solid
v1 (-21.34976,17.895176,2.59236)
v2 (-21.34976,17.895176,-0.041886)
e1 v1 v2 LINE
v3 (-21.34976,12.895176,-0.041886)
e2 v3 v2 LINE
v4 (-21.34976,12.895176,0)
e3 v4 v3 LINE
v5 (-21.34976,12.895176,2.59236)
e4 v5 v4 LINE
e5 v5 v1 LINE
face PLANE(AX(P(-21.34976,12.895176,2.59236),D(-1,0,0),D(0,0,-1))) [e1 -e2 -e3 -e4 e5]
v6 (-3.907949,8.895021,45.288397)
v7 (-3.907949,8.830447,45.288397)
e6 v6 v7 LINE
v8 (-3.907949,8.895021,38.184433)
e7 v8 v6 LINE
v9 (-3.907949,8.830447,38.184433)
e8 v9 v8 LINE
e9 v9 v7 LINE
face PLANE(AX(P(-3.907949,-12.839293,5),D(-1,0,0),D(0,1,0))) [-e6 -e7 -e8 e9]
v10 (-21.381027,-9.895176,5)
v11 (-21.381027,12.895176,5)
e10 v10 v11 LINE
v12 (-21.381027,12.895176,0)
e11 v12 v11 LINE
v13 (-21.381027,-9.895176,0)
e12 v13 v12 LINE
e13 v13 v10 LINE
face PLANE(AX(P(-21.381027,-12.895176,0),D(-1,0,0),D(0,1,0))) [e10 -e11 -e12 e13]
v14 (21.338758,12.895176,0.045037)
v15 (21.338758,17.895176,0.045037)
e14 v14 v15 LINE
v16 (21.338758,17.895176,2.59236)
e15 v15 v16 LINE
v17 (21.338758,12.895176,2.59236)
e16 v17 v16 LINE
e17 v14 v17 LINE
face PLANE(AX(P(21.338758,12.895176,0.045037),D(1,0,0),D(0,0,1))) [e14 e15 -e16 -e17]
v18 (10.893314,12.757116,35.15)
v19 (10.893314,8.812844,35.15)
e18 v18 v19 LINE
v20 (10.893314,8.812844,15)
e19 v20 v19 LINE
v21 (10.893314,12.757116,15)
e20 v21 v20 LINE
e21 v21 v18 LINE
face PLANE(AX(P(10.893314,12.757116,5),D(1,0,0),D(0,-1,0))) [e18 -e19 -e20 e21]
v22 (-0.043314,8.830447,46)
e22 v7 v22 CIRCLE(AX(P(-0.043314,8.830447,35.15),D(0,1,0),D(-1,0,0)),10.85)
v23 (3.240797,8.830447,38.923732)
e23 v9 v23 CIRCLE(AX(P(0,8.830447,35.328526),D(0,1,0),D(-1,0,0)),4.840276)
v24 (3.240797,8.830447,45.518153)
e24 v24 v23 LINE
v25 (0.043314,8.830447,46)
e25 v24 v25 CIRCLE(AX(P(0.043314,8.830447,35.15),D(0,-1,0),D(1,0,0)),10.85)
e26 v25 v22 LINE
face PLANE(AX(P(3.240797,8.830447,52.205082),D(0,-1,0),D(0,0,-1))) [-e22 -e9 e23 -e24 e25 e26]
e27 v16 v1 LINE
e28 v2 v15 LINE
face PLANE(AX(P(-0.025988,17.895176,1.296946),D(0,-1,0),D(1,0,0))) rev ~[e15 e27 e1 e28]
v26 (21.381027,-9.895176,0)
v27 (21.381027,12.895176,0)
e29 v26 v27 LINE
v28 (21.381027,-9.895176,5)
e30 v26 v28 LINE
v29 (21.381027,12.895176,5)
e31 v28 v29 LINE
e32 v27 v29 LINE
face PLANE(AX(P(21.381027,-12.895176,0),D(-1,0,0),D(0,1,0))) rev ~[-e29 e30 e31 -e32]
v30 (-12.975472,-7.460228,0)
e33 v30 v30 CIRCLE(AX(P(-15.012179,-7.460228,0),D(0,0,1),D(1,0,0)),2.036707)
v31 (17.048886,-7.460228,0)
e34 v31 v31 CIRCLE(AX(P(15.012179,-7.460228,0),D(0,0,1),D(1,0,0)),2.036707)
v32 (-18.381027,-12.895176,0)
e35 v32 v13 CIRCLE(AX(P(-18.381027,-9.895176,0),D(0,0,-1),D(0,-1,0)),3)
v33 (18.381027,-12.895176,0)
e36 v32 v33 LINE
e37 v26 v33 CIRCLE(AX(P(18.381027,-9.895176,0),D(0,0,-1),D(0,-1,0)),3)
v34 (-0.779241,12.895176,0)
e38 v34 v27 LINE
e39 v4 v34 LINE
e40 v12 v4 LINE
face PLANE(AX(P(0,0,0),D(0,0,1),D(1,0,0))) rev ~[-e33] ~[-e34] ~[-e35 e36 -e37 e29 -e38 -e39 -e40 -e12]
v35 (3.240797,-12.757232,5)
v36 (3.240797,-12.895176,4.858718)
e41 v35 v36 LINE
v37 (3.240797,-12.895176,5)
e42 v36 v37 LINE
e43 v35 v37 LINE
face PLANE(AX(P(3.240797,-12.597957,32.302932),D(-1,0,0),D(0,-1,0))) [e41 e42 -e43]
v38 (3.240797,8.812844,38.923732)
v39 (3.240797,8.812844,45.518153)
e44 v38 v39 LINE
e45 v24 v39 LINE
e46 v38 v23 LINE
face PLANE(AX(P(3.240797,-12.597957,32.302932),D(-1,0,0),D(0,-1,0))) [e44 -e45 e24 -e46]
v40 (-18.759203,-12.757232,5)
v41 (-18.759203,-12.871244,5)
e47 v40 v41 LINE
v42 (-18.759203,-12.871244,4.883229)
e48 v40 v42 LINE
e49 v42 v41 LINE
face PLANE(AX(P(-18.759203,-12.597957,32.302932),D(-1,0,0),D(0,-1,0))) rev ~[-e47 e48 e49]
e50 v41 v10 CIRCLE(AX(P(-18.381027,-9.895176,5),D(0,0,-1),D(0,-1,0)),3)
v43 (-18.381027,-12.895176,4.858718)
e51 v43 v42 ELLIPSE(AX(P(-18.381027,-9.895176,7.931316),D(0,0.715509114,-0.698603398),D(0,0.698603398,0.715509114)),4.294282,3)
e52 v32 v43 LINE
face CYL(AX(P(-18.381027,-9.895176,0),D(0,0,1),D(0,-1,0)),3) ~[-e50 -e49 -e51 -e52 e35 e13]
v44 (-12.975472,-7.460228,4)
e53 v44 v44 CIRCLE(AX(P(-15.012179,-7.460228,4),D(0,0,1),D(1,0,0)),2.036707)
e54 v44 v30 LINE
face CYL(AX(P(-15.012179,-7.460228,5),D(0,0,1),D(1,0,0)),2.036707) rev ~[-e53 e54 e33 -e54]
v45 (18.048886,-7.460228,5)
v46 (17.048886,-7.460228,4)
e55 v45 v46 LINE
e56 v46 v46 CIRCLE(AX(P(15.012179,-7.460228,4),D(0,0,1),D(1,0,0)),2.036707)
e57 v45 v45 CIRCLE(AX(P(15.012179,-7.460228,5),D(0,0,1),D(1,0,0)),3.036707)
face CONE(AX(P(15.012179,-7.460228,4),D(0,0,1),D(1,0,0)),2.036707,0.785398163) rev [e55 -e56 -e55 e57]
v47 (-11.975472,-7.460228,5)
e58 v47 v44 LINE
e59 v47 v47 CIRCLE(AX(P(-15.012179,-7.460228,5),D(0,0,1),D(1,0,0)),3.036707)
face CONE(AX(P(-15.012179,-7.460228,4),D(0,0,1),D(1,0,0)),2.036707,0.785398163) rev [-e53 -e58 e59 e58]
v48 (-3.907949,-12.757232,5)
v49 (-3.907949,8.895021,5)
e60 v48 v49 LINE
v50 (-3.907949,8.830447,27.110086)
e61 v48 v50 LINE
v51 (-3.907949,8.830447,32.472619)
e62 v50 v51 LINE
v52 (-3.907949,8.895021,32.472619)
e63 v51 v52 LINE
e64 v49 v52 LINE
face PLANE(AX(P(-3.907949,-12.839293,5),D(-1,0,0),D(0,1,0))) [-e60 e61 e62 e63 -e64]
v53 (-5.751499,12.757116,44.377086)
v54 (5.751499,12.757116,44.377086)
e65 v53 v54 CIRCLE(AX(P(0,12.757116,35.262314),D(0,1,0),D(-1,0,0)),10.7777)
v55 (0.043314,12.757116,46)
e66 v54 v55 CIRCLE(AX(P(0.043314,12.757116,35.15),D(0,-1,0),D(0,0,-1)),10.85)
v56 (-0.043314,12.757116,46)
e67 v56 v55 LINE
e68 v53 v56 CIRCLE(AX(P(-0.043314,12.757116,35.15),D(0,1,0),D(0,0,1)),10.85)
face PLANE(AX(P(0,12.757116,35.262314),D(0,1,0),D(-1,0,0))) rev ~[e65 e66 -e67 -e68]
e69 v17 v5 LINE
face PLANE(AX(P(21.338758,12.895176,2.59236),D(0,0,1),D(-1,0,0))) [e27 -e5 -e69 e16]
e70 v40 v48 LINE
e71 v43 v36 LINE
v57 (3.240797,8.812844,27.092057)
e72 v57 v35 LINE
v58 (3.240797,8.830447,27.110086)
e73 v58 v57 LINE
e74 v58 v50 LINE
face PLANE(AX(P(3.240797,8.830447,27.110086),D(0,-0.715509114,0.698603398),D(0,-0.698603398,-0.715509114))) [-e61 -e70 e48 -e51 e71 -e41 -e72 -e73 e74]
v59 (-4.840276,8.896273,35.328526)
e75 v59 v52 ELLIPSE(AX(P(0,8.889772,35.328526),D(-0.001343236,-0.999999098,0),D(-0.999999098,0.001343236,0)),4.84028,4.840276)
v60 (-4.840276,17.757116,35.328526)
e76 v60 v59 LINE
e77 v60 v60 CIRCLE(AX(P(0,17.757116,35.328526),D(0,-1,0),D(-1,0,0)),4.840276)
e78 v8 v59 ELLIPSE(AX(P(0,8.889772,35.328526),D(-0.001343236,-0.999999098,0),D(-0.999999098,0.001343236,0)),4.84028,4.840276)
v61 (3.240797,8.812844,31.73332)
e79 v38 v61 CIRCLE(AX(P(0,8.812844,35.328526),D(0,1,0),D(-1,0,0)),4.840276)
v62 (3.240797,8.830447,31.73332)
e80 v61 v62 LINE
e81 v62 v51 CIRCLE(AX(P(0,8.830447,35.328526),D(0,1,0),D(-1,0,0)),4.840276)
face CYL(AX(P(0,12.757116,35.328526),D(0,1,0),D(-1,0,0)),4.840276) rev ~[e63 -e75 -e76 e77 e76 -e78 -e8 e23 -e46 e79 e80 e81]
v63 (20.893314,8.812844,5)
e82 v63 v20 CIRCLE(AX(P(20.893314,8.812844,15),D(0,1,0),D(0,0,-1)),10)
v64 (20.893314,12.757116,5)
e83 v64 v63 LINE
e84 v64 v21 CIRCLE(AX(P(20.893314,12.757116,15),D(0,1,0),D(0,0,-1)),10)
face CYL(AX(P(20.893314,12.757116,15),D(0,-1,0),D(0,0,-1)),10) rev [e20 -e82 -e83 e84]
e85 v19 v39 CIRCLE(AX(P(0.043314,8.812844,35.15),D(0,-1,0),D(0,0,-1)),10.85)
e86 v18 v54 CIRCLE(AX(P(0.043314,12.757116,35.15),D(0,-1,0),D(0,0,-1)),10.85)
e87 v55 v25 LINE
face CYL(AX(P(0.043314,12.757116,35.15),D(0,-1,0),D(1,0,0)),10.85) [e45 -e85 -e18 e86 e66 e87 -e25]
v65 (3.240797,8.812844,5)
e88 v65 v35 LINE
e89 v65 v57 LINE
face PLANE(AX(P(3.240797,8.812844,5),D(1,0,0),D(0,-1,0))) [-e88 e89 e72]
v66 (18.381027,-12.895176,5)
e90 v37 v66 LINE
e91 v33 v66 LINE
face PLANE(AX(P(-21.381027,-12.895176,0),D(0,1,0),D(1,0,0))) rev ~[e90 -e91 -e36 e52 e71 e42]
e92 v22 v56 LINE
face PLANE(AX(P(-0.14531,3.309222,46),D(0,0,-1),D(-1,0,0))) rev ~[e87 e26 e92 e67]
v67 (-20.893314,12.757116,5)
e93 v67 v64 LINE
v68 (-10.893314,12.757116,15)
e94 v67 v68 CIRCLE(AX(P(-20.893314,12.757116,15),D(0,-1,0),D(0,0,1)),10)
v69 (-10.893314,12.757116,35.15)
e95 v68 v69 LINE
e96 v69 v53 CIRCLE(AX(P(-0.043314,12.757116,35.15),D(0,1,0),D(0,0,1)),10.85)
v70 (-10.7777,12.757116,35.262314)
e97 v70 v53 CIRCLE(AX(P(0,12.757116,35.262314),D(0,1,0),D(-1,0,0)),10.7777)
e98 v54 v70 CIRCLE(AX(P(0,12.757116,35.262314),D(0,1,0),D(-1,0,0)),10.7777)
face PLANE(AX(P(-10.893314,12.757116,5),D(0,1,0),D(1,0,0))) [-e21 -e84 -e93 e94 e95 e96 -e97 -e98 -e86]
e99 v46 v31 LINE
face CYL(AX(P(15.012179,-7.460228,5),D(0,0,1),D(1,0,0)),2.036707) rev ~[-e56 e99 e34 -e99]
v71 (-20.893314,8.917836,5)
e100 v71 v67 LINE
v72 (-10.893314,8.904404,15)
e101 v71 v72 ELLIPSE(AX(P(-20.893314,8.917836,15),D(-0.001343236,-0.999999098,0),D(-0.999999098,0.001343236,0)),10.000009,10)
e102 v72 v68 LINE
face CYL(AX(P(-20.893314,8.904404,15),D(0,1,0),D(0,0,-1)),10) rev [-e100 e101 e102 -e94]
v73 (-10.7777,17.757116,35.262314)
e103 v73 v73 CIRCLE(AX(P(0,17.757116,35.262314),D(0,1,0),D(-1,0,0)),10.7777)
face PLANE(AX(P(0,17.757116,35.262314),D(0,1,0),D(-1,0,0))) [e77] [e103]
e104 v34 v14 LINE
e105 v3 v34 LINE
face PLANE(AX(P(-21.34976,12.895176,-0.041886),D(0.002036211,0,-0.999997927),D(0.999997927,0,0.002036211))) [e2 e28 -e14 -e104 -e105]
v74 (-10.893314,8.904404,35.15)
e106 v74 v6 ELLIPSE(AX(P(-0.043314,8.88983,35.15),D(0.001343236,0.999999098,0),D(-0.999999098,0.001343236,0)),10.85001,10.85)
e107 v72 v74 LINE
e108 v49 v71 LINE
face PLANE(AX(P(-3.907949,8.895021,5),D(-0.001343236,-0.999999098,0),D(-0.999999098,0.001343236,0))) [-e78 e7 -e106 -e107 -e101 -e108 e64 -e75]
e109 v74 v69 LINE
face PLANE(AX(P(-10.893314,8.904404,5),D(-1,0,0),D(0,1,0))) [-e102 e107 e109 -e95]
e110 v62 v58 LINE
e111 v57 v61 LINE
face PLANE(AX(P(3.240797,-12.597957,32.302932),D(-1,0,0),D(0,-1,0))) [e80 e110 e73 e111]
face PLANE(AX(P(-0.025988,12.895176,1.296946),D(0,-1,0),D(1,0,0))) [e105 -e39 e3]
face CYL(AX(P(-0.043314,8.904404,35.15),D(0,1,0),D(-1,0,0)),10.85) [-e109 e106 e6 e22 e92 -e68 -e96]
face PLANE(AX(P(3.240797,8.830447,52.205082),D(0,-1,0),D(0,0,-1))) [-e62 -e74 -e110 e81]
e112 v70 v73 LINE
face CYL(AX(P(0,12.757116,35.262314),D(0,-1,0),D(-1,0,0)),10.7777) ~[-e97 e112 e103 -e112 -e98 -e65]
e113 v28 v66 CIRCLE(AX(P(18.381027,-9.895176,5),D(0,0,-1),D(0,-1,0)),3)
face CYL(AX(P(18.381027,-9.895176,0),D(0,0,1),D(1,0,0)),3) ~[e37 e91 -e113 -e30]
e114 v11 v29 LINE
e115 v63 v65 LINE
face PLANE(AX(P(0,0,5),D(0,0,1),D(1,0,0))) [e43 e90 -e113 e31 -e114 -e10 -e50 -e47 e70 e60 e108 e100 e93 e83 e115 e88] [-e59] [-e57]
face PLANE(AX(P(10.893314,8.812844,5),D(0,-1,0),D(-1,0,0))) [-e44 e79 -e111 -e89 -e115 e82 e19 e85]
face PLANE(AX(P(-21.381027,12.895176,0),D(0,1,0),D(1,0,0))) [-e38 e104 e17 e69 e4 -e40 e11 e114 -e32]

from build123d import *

# Parameters (mm, degrees)
SKETCH_W             = 42.762054
SKETCH_H             = 25.790352
PAD_DEPTH            = 5
PAD001_DEPTH         = 41
FILLET_R             = 10.85
FILLET001_R          = 10
SKETCH002_R          = 2.036707
POCKET_DEPTH         = 5.001
CHAMFER_SIZE         = 1
POCKET001_DEPTH      = 22
FILLET002_R          = 3
SKETCH004_R          = 10.7777
SKETCH004_R_2        = 4.77159
PAD002_DEPTH         = 5
PAD003_DEPTH         = 5
SKETCH006_R          = 4.840276
POCKET002_DEPTH      = 25.653292
POCKET002_DEPTH_BACK = -5.13906


with BuildPart() as part:
    # Sketch → Pad (new body)
    with BuildSketch(Plane.XY):
        Rectangle(SKETCH_W, SKETCH_H)
    extrude(amount=PAD_DEPTH)

    # Sketch001 (on Face6 of Pad) → Pad001 (join)
    with BuildSketch(Plane.XY.offset(5)):
        Polygon((-3.907949, -12.839293), (-3.907949, 8.895021), (-10.893314, 8.904404), (-10.893314, 12.757116), (10.893314, 12.757116), (10.893314, 8.812844), (3.240797, 8.812844), (3.240797, -12.839293), align=None)
    extrude(amount=PAD001_DEPTH)

    # Fillet
    fillet_edges = [part.edges().sort_by_distance(p)[0] for p in [
        (10.893314, 10.78498, 46),
        (-10.893314, 10.83076, 46),
    ]]
    fillet(fillet_edges, radius=FILLET_R)

    # Fillet001
    fillet001_edges = [part.edges().sort_by_distance(p)[0] for p in [
        (-10.893314, 10.83076, 5),
        (10.893314, 10.78498, 5),
    ]]
    fillet(fillet001_edges, radius=FILLET001_R)

    # Sketch002 (on Face1 of Fillet001) → Pocket (cut, through all)
    with BuildSketch(Plane.XY.offset(5)):
        with Locations((-15.012179, -7.460228)):
            Circle(SKETCH002_R)
        with Locations((15.012179, -7.460228)):
            Circle(SKETCH002_R)
    extrude(amount=-POCKET_DEPTH, mode=Mode.SUBTRACT)

    # Chamfer
    chamfer_edges = [part.edges().sort_by_distance(p)[0] for p in [
        (12.975472, -7.460228, 5),
        (-17.048886, -7.460228, 5),
    ]]
    chamfer(chamfer_edges, length=CHAMFER_SIZE)

    # Sketch003 (on Face12 of Chamfer) → Pocket001 (cut)
    with BuildSketch(Plane.YZ.offset(3.240797)):
        Polygon((8.830447, 27.110086), (-15.870471, 1.811423), (-31.901745, 27.110086), (-35.434662, 50.068335), (8.830447, 52.205082), align=None)
    extrude(amount=-POCKET001_DEPTH, mode=Mode.SUBTRACT)

    # Fillet002
    fillet002_edges = [part.edges().sort_by_distance(p)[0] for p in [
        (21.381027, -12.895176, 2.5),
        (-21.381027, -12.895176, 2.5),
    ]]
    fillet(fillet002_edges, radius=FILLET002_R)

    # Sketch004 (on Face16 of Fillet002) → Pad002 (join)
    with BuildSketch(Plane(origin=(0, 12.757116, 0), x_dir=(-1, 0, 0), z_dir=(0, 1, 0))):
        with Locations((0, 35.262314)):
            Circle(SKETCH004_R)
        with Locations((0, 35.262314)):
            Circle(SKETCH004_R_2, mode=Mode.SUBTRACT)
    extrude(amount=PAD002_DEPTH)

    # Sketch005 (on Face4 of Pad002) → Pad003 (join)
    with BuildSketch(Plane(origin=(0, 12.895176, 0), x_dir=(-1, 0, 0), z_dir=(0, 1, 0))):
        Polygon((-21.338758, 0.045037), (-21.338758, 2.59236), (21.34976, 2.59236), (21.34976, -0.041886), align=None)
    extrude(amount=PAD003_DEPTH)

    # Sketch006 (on Face40 of Pad003) → Pocket002 (cut, two sides)
    with BuildSketch(Plane(origin=(0, 12.757116, 0), x_dir=(-1, 0, 0), z_dir=(0, 1, 0))) as pocket002_sk:
        with Locations((0, 35.328526)):
            Circle(SKETCH006_R)
    extrude(amount=-POCKET002_DEPTH, mode=Mode.SUBTRACT)
    extrude(pocket002_sk.sketch, amount=-POCKET002_DEPTH_BACK, mode=Mode.SUBTRACT)


solid = part.part
